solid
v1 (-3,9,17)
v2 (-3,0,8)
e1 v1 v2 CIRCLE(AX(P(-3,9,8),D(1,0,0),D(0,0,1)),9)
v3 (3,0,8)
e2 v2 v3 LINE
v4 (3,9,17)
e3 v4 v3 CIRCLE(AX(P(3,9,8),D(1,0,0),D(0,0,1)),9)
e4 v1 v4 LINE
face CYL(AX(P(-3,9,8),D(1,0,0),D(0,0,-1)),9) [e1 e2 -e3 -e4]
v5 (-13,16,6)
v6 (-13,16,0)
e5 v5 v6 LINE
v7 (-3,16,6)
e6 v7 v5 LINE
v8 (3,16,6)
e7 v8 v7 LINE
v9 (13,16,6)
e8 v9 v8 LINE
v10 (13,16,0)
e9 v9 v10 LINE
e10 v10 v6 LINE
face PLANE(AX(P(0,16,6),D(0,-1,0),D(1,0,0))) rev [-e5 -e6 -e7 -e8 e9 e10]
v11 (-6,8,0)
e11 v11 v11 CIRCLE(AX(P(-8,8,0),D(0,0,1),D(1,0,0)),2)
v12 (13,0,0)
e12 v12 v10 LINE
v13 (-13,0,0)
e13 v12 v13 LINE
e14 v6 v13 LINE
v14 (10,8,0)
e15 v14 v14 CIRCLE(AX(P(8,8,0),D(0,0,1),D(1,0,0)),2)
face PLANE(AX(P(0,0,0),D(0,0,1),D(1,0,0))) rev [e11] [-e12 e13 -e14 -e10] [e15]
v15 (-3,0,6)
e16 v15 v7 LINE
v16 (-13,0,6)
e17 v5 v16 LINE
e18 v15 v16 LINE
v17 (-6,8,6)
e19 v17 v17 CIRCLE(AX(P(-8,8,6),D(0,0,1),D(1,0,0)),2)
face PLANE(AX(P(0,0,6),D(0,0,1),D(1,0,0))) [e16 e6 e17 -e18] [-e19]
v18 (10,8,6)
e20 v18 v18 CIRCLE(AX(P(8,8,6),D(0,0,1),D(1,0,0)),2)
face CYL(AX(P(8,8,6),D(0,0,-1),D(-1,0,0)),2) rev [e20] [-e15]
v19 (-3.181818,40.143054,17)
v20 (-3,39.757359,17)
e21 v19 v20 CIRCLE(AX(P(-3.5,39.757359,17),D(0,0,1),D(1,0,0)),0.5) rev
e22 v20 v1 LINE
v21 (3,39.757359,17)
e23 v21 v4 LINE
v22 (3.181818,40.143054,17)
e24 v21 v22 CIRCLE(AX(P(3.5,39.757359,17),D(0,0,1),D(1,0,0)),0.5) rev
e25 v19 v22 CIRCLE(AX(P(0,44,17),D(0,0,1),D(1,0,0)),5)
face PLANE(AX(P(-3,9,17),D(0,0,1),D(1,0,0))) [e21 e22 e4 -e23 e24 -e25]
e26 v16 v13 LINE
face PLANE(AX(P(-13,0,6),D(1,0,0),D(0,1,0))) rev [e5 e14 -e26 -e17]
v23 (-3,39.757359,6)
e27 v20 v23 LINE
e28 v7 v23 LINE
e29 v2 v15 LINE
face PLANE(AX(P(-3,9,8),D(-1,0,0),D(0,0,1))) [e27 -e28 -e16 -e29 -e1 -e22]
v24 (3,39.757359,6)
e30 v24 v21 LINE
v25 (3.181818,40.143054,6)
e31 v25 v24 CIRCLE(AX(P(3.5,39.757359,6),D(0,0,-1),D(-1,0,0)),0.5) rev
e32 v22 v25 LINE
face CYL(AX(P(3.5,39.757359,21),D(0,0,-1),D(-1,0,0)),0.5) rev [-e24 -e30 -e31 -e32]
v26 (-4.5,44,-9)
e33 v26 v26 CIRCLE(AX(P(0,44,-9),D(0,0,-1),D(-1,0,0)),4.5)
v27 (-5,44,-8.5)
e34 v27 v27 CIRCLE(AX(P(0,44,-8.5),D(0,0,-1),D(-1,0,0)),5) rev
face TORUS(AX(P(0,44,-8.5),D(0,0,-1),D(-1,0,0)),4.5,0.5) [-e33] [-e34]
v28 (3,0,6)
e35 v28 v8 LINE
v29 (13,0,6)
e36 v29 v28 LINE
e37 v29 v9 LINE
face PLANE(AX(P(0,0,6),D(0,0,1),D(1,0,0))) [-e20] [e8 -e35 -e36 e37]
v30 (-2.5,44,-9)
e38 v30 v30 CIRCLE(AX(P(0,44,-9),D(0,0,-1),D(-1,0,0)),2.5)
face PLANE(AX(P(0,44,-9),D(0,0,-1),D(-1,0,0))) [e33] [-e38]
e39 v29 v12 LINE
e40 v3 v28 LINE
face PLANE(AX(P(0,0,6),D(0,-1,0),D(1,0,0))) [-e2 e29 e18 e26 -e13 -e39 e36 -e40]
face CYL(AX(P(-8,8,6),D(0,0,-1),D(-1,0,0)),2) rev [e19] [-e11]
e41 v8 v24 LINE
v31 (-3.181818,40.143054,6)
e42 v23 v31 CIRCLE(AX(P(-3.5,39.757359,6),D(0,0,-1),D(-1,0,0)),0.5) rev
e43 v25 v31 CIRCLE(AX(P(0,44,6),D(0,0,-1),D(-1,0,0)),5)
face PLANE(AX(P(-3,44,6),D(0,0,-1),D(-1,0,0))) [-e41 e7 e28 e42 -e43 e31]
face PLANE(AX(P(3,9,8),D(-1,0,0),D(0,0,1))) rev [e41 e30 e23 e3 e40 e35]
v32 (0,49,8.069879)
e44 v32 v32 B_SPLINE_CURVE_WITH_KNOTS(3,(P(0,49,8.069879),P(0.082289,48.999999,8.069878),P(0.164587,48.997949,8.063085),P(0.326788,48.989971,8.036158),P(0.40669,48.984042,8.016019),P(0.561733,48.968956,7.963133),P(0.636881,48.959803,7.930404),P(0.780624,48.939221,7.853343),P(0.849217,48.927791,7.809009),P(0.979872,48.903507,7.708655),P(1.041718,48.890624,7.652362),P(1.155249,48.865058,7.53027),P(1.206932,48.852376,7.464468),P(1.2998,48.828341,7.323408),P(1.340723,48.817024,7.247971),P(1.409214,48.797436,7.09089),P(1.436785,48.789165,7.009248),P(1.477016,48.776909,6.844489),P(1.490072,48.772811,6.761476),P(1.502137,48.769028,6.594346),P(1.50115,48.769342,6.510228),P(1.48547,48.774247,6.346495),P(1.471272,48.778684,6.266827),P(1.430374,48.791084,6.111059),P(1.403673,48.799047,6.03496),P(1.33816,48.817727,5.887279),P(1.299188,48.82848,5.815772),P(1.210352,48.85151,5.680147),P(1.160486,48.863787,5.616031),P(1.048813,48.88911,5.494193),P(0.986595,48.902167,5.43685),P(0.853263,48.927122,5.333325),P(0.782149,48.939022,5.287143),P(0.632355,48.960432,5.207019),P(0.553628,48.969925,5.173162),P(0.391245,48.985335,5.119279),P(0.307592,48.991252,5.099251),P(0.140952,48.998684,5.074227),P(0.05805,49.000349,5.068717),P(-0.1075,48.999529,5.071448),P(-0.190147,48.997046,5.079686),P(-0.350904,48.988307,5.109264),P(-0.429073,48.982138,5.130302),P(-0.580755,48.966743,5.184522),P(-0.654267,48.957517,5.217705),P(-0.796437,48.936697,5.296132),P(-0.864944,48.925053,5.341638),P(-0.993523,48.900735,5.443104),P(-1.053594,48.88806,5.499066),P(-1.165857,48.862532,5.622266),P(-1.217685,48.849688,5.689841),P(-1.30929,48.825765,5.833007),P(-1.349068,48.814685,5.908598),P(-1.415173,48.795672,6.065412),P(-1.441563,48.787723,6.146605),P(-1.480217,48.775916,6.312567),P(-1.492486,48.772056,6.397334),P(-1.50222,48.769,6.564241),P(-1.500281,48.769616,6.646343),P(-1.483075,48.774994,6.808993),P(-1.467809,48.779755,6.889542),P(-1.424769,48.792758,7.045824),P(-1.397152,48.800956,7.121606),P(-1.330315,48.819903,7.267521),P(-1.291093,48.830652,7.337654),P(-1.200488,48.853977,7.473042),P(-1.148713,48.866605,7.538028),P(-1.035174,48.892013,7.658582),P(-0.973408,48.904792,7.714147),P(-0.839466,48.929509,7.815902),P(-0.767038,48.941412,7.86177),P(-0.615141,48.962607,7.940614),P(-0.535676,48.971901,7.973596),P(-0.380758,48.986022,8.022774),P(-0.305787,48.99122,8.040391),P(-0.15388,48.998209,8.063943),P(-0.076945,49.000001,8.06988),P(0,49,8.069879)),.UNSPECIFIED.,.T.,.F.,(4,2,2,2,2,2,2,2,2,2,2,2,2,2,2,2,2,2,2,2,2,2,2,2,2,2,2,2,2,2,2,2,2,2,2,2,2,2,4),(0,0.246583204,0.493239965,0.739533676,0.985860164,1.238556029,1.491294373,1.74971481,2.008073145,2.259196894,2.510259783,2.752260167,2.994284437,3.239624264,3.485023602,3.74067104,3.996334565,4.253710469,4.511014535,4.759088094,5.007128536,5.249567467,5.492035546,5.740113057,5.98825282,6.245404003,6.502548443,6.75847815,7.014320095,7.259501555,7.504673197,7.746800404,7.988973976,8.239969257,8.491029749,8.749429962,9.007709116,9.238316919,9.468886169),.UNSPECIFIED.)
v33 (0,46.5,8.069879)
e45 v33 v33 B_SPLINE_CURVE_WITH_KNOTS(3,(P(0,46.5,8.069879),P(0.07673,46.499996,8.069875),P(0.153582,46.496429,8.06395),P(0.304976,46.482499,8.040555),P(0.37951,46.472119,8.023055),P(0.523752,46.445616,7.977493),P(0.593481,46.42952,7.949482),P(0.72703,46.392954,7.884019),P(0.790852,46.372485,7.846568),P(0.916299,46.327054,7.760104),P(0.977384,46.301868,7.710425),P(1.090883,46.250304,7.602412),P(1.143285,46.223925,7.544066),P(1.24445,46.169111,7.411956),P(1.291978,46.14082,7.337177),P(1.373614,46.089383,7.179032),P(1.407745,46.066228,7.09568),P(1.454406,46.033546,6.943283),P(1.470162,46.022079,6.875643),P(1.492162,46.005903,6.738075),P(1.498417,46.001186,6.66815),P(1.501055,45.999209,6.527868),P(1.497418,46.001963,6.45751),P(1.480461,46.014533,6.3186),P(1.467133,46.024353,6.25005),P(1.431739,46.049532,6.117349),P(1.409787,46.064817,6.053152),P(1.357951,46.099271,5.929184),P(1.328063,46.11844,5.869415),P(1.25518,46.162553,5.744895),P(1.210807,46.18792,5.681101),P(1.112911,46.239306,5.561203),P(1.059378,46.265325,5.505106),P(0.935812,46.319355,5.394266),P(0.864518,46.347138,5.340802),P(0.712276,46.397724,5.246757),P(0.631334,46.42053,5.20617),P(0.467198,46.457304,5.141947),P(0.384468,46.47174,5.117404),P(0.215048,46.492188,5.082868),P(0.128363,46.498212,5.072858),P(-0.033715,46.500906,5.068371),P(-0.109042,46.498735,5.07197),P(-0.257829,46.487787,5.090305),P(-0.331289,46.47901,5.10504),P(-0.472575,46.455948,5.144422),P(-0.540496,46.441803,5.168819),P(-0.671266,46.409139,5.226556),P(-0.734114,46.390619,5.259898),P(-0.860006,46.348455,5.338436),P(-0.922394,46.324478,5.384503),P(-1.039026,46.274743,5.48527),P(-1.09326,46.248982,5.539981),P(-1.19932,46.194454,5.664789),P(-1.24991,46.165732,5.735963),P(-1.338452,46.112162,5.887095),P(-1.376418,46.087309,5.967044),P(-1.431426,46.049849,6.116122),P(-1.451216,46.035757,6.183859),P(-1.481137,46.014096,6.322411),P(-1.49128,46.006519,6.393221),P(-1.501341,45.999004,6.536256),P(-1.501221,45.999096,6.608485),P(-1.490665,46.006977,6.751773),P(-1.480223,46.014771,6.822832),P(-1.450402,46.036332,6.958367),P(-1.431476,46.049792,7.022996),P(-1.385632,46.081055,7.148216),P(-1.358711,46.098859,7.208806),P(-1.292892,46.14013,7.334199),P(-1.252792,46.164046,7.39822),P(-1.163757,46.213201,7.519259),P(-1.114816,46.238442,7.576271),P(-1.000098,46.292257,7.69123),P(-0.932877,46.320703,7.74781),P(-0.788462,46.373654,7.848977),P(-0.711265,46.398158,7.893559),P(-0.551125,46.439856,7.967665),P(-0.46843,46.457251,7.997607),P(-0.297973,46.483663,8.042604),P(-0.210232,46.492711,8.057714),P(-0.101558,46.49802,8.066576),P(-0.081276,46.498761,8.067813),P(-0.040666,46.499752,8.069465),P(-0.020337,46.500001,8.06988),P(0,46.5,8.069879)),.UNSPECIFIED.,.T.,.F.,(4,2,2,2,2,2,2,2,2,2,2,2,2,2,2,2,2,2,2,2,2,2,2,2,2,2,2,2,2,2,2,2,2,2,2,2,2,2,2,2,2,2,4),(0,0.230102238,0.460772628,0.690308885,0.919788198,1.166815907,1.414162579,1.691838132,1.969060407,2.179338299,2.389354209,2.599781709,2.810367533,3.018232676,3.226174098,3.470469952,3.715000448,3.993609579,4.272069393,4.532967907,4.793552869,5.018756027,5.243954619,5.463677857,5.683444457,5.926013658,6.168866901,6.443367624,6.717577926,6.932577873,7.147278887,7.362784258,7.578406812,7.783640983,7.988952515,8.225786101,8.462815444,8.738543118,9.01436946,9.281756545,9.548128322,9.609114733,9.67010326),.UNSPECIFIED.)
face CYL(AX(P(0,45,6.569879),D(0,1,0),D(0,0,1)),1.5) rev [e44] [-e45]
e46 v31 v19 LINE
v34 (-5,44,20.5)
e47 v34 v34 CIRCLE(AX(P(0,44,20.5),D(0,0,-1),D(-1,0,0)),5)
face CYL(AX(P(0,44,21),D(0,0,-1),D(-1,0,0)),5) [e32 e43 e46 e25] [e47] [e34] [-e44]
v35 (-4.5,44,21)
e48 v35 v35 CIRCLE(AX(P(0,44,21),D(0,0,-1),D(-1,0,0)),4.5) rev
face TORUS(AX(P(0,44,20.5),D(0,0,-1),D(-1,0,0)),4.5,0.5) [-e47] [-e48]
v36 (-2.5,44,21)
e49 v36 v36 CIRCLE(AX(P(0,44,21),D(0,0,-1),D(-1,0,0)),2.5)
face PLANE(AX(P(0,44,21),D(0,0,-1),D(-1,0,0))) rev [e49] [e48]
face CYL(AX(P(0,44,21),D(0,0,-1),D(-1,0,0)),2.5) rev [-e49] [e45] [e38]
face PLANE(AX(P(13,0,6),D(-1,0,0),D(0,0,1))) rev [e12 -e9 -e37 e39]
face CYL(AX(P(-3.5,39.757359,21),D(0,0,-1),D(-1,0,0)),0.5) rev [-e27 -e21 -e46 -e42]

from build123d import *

# Parameters (mm, degrees)
SKETCH2_W                = 13
SKETCH2_H                = 16
SKETCH2_R                = 2
BOSS_EXTRUDE1_DEPTH      = 6
BOSS_EXTRUDE2_DEPTH      = 3
BOSS_EXTRUDE2_DEPTH_BACK = 3
SKETCH6_R                = 5
BOSS_EXTRUDE4_DEPTH      = 15
BOSS_EXTRUDE4_DEPTH_BACK = 15
SKETCH7_R                = 2.5
CUT_EXTRUDE2_DEPTH       = 31
FILLET3_R                = 0.5
FILLET4_R                = 0.5
SKETCH10_R               = 1.5
CUT_EXTRUDE3_DEPTH       = 4


with BuildPart() as part:
    # Sketch2 → Boss-Extrude1 (new body)
    with BuildSketch(Plane.XY):
        with Locations((-6.5, 8)):
            Rectangle(SKETCH2_W, SKETCH2_H)
        with Locations((-8, 8)):
            Circle(SKETCH2_R, mode=Mode.SUBTRACT)
        with Locations((6.5, 8)):
            Rectangle(SKETCH2_W, SKETCH2_H)
        with Locations((8, 8)):
            Circle(SKETCH2_R, mode=Mode.SUBTRACT)
    extrude(amount=BOSS_EXTRUDE1_DEPTH)

    # Sketch3 → Boss-Extrude2 (add, two sides)
    with BuildSketch(Plane(origin=(0, 0, 0), x_dir=(0, 0, -1), z_dir=(1, 0, 0))) as boss_extrude2_sk:
        with BuildLine():
            Line((-6, 0), (-8, 0))
            ThreePointArc((-8, 0), (-14.363961031, 2.636038969), (-17, 9))
            Line((-17, 9), (-17, 44))
            Line((-17, 44), (-6, 44))
            Line((-6, 44), (-6, 16))
            Line((-6, 16), (-6, 0))
        make_face()
    extrude(amount=BOSS_EXTRUDE2_DEPTH)
    extrude(boss_extrude2_sk.sketch, amount=-BOSS_EXTRUDE2_DEPTH_BACK)

    # Sketch6 → Boss-Extrude4 (add, two sides)
    with BuildSketch(Plane(origin=(0, 0, 6), x_dir=(-1, 0, 0), z_dir=(0, 0, -1))) as boss_extrude4_sk:
        with Locations((0, 44)):
            Circle(SKETCH6_R)
    extrude(amount=BOSS_EXTRUDE4_DEPTH)
    extrude(boss_extrude4_sk.sketch, amount=-BOSS_EXTRUDE4_DEPTH_BACK)

    # Sketch7 → Cut-Extrude2 (cut, through all)
    with BuildSketch(Plane(origin=(0, 0, -9), x_dir=(-1, 0, 0), z_dir=(0, 0, -1))):
        with Locations((0, 44)):
            Circle(SKETCH7_R)
    extrude(amount=-CUT_EXTRUDE2_DEPTH, mode=Mode.SUBTRACT)

    # Fillet3
    fillet3_edges = [part.edges().sort_by_distance(p)[0] for p in [
        (5, 44, 21),
        (5, 44, -9),
    ]]
    fillet(fillet3_edges, radius=FILLET3_R)

    # Fillet4
    fillet4_edges = [part.edges().sort_by_distance(p)[0] for p in [
        (3, 40, 11.5),
        (-3, 40, 11.5),
    ]]
    fillet(fillet4_edges, radius=FILLET4_R)

    # Sketch10 → Cut-Extrude3 (cut)
    with BuildSketch(Plane.ZX.offset(49)):
        with Locations((6.569879023, 0)):
            Circle(SKETCH10_R)
    extrude(amount=-CUT_EXTRUDE3_DEPTH, mode=Mode.SUBTRACT)


solid = part.part
